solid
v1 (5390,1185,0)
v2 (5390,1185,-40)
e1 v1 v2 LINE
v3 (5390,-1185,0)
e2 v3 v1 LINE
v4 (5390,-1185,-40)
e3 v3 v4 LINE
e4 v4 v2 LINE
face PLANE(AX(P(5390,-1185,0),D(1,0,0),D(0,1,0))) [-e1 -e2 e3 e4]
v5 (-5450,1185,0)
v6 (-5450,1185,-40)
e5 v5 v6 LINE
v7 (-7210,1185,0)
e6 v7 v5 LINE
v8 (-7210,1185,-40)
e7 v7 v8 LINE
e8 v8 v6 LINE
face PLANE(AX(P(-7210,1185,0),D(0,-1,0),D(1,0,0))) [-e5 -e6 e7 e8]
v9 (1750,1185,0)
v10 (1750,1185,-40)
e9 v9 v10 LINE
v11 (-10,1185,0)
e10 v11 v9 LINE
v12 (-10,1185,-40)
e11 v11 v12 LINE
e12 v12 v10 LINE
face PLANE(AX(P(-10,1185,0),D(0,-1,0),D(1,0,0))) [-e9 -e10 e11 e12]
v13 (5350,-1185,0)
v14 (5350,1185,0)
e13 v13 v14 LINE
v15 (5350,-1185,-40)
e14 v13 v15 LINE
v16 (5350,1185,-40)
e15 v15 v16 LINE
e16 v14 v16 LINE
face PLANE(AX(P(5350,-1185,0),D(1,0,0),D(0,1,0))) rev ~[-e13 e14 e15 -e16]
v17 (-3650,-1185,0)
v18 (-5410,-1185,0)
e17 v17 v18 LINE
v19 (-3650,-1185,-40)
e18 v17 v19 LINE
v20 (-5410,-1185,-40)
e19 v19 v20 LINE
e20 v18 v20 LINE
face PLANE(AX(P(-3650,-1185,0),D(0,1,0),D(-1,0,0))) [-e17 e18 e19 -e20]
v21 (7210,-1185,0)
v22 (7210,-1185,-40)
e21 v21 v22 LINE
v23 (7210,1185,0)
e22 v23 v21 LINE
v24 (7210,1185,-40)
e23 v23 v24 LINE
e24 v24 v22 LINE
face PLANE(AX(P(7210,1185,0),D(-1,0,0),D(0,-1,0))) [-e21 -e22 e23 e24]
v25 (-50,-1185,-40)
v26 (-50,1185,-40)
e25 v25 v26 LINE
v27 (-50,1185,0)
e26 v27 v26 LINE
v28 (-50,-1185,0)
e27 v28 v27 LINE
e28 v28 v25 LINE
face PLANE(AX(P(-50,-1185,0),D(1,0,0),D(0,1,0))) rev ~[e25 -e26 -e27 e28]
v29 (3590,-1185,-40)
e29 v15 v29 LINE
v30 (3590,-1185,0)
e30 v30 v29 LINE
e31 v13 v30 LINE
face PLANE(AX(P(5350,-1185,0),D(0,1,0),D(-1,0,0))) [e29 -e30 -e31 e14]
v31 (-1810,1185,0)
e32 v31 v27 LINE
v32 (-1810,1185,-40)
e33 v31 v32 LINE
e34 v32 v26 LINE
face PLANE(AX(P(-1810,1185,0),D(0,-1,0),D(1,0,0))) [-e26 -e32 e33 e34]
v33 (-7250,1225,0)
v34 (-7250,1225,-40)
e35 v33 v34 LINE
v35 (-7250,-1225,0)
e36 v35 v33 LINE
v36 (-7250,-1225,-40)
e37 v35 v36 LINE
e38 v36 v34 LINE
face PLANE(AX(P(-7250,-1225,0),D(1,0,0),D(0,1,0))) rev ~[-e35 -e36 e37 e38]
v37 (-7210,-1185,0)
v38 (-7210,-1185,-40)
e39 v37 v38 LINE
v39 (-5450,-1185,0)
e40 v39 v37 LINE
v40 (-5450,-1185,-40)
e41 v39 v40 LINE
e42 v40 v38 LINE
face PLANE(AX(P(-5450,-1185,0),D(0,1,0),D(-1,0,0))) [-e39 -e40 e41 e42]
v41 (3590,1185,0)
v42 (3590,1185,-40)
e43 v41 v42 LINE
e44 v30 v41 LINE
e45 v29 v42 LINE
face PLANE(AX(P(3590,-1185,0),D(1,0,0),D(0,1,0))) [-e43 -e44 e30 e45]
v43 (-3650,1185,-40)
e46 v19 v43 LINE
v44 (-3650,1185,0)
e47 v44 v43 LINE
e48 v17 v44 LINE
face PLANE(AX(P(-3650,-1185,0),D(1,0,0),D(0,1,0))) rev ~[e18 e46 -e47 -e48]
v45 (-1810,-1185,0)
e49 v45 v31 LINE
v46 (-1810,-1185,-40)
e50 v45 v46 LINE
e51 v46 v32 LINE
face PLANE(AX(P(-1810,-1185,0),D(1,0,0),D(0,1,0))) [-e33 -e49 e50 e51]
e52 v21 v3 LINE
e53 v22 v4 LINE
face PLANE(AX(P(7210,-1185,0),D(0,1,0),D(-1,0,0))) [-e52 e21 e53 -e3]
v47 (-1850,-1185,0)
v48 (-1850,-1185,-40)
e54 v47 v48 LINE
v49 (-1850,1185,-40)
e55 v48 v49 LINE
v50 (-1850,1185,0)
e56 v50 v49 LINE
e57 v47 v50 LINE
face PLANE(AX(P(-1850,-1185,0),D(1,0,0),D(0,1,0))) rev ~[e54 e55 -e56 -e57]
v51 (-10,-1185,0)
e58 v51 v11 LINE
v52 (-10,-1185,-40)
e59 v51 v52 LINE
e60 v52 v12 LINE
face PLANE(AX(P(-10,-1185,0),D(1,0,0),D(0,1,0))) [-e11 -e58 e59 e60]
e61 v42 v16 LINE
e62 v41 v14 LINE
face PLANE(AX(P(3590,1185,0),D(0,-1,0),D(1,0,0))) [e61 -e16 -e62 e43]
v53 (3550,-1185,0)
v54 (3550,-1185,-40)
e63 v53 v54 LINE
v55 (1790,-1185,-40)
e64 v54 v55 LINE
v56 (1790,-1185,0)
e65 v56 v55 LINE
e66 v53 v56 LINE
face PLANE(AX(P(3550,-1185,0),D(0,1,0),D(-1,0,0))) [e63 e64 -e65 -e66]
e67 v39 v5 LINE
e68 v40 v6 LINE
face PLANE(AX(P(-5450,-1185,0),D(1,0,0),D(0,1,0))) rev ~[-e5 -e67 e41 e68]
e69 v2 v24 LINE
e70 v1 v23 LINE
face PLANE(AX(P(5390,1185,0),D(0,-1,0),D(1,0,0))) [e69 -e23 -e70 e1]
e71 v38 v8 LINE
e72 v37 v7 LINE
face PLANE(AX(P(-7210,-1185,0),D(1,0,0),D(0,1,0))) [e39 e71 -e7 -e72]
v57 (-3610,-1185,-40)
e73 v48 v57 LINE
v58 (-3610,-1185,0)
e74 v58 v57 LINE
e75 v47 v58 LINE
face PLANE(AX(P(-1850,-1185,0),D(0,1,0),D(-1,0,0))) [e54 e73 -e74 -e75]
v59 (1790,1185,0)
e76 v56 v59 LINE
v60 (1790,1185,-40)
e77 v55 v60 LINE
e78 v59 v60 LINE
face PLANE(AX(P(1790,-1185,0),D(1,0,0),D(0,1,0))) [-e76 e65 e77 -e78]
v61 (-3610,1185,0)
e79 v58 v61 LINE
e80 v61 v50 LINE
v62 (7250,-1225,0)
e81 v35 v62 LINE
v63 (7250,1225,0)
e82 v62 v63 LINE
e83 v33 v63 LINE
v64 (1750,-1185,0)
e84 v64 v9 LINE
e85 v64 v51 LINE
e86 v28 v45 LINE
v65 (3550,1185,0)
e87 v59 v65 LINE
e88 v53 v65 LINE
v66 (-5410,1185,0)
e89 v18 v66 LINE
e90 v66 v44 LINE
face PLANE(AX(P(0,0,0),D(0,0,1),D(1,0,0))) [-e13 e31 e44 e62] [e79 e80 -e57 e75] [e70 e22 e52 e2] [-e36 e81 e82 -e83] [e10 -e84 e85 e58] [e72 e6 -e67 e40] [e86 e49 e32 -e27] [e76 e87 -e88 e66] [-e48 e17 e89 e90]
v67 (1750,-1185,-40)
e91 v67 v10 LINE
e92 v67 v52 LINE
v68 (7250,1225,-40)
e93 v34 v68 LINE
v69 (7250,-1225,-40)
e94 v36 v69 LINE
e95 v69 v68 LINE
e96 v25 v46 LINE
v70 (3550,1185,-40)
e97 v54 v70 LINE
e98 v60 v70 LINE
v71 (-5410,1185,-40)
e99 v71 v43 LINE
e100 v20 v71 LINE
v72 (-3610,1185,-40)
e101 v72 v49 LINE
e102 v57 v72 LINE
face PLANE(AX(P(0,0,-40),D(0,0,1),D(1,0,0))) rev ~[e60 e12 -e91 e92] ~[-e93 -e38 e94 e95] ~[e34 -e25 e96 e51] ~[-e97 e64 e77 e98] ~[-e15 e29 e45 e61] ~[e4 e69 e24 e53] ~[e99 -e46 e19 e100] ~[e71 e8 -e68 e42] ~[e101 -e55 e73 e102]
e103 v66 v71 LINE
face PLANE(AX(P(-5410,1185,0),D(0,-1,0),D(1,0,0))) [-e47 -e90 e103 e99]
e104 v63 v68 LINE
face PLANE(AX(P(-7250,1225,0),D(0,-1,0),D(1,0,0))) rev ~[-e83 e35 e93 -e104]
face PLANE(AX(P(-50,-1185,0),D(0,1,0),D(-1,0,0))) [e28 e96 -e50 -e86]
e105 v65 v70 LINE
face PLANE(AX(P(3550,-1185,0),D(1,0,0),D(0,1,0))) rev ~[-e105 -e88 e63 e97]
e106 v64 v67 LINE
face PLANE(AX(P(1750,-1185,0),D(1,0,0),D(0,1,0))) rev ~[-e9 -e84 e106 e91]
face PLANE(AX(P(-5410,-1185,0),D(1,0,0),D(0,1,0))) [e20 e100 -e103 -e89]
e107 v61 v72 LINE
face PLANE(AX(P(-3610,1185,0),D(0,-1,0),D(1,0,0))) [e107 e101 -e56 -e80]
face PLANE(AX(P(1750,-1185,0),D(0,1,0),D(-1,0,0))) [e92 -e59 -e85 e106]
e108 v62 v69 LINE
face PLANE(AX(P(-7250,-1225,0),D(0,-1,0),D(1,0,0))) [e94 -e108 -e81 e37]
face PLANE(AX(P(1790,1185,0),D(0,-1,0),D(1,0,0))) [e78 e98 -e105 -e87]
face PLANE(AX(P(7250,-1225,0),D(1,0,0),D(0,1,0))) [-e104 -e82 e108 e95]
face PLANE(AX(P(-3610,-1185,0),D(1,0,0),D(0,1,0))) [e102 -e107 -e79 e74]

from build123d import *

# Parameters (mm, degrees)
F0_W     = 14500
F0_H     = 2450
F0_W_2   = 40
F0_H_2   = 2370
F1_DEPTH = 40


with BuildPart() as f1:
    # F0 (on Top) → F1 (new body)
    with BuildSketch(Plane.XY):
        Rectangle(F0_W, F0_H)
        Polygon((5390, 1185), (7210, 1185), (7210, -1185), (5390, -1185), (5350, -1185), (3590, -1185), (3550, -1185), (1790, -1185), (1750, -1185), (-10, -1185), (-50, -1185), (-1810, -1185), (-1850, -1185), (-3610, -1185), (-3650, -1185), (-5410, -1185), (-5450, -1185), (-7210, -1185), (-7210, 1185), (-5450, 1185), (-5410, 1185), (-3650, 1185), (-3610, 1185), (-1850, 1185), (-1810, 1185), (-50, 1185), (-10, 1185), (1750, 1185), (1790, 1185), (3550, 1185), (3590, 1185), (5350, 1185), align=None, mode=Mode.SUBTRACT)
        with Locations((-5430, 0)):
            Rectangle(F0_W_2, F0_H_2)
        with Locations((-3630, 0)):
            Rectangle(F0_W_2, F0_H_2)
        with Locations((-1830, 0)):
            Rectangle(F0_W_2, F0_H_2)
        with Locations((-30, 0)):
            Rectangle(F0_W_2, F0_H_2)
        with Locations((1770, 0)):
            Rectangle(F0_W_2, F0_H_2)
        with Locations((3570, 0)):
            Rectangle(F0_W_2, F0_H_2)
        with Locations((5370, 0)):
            Rectangle(F0_W_2, F0_H_2)
    extrude(amount=-F1_DEPTH)


solid = f1.part
